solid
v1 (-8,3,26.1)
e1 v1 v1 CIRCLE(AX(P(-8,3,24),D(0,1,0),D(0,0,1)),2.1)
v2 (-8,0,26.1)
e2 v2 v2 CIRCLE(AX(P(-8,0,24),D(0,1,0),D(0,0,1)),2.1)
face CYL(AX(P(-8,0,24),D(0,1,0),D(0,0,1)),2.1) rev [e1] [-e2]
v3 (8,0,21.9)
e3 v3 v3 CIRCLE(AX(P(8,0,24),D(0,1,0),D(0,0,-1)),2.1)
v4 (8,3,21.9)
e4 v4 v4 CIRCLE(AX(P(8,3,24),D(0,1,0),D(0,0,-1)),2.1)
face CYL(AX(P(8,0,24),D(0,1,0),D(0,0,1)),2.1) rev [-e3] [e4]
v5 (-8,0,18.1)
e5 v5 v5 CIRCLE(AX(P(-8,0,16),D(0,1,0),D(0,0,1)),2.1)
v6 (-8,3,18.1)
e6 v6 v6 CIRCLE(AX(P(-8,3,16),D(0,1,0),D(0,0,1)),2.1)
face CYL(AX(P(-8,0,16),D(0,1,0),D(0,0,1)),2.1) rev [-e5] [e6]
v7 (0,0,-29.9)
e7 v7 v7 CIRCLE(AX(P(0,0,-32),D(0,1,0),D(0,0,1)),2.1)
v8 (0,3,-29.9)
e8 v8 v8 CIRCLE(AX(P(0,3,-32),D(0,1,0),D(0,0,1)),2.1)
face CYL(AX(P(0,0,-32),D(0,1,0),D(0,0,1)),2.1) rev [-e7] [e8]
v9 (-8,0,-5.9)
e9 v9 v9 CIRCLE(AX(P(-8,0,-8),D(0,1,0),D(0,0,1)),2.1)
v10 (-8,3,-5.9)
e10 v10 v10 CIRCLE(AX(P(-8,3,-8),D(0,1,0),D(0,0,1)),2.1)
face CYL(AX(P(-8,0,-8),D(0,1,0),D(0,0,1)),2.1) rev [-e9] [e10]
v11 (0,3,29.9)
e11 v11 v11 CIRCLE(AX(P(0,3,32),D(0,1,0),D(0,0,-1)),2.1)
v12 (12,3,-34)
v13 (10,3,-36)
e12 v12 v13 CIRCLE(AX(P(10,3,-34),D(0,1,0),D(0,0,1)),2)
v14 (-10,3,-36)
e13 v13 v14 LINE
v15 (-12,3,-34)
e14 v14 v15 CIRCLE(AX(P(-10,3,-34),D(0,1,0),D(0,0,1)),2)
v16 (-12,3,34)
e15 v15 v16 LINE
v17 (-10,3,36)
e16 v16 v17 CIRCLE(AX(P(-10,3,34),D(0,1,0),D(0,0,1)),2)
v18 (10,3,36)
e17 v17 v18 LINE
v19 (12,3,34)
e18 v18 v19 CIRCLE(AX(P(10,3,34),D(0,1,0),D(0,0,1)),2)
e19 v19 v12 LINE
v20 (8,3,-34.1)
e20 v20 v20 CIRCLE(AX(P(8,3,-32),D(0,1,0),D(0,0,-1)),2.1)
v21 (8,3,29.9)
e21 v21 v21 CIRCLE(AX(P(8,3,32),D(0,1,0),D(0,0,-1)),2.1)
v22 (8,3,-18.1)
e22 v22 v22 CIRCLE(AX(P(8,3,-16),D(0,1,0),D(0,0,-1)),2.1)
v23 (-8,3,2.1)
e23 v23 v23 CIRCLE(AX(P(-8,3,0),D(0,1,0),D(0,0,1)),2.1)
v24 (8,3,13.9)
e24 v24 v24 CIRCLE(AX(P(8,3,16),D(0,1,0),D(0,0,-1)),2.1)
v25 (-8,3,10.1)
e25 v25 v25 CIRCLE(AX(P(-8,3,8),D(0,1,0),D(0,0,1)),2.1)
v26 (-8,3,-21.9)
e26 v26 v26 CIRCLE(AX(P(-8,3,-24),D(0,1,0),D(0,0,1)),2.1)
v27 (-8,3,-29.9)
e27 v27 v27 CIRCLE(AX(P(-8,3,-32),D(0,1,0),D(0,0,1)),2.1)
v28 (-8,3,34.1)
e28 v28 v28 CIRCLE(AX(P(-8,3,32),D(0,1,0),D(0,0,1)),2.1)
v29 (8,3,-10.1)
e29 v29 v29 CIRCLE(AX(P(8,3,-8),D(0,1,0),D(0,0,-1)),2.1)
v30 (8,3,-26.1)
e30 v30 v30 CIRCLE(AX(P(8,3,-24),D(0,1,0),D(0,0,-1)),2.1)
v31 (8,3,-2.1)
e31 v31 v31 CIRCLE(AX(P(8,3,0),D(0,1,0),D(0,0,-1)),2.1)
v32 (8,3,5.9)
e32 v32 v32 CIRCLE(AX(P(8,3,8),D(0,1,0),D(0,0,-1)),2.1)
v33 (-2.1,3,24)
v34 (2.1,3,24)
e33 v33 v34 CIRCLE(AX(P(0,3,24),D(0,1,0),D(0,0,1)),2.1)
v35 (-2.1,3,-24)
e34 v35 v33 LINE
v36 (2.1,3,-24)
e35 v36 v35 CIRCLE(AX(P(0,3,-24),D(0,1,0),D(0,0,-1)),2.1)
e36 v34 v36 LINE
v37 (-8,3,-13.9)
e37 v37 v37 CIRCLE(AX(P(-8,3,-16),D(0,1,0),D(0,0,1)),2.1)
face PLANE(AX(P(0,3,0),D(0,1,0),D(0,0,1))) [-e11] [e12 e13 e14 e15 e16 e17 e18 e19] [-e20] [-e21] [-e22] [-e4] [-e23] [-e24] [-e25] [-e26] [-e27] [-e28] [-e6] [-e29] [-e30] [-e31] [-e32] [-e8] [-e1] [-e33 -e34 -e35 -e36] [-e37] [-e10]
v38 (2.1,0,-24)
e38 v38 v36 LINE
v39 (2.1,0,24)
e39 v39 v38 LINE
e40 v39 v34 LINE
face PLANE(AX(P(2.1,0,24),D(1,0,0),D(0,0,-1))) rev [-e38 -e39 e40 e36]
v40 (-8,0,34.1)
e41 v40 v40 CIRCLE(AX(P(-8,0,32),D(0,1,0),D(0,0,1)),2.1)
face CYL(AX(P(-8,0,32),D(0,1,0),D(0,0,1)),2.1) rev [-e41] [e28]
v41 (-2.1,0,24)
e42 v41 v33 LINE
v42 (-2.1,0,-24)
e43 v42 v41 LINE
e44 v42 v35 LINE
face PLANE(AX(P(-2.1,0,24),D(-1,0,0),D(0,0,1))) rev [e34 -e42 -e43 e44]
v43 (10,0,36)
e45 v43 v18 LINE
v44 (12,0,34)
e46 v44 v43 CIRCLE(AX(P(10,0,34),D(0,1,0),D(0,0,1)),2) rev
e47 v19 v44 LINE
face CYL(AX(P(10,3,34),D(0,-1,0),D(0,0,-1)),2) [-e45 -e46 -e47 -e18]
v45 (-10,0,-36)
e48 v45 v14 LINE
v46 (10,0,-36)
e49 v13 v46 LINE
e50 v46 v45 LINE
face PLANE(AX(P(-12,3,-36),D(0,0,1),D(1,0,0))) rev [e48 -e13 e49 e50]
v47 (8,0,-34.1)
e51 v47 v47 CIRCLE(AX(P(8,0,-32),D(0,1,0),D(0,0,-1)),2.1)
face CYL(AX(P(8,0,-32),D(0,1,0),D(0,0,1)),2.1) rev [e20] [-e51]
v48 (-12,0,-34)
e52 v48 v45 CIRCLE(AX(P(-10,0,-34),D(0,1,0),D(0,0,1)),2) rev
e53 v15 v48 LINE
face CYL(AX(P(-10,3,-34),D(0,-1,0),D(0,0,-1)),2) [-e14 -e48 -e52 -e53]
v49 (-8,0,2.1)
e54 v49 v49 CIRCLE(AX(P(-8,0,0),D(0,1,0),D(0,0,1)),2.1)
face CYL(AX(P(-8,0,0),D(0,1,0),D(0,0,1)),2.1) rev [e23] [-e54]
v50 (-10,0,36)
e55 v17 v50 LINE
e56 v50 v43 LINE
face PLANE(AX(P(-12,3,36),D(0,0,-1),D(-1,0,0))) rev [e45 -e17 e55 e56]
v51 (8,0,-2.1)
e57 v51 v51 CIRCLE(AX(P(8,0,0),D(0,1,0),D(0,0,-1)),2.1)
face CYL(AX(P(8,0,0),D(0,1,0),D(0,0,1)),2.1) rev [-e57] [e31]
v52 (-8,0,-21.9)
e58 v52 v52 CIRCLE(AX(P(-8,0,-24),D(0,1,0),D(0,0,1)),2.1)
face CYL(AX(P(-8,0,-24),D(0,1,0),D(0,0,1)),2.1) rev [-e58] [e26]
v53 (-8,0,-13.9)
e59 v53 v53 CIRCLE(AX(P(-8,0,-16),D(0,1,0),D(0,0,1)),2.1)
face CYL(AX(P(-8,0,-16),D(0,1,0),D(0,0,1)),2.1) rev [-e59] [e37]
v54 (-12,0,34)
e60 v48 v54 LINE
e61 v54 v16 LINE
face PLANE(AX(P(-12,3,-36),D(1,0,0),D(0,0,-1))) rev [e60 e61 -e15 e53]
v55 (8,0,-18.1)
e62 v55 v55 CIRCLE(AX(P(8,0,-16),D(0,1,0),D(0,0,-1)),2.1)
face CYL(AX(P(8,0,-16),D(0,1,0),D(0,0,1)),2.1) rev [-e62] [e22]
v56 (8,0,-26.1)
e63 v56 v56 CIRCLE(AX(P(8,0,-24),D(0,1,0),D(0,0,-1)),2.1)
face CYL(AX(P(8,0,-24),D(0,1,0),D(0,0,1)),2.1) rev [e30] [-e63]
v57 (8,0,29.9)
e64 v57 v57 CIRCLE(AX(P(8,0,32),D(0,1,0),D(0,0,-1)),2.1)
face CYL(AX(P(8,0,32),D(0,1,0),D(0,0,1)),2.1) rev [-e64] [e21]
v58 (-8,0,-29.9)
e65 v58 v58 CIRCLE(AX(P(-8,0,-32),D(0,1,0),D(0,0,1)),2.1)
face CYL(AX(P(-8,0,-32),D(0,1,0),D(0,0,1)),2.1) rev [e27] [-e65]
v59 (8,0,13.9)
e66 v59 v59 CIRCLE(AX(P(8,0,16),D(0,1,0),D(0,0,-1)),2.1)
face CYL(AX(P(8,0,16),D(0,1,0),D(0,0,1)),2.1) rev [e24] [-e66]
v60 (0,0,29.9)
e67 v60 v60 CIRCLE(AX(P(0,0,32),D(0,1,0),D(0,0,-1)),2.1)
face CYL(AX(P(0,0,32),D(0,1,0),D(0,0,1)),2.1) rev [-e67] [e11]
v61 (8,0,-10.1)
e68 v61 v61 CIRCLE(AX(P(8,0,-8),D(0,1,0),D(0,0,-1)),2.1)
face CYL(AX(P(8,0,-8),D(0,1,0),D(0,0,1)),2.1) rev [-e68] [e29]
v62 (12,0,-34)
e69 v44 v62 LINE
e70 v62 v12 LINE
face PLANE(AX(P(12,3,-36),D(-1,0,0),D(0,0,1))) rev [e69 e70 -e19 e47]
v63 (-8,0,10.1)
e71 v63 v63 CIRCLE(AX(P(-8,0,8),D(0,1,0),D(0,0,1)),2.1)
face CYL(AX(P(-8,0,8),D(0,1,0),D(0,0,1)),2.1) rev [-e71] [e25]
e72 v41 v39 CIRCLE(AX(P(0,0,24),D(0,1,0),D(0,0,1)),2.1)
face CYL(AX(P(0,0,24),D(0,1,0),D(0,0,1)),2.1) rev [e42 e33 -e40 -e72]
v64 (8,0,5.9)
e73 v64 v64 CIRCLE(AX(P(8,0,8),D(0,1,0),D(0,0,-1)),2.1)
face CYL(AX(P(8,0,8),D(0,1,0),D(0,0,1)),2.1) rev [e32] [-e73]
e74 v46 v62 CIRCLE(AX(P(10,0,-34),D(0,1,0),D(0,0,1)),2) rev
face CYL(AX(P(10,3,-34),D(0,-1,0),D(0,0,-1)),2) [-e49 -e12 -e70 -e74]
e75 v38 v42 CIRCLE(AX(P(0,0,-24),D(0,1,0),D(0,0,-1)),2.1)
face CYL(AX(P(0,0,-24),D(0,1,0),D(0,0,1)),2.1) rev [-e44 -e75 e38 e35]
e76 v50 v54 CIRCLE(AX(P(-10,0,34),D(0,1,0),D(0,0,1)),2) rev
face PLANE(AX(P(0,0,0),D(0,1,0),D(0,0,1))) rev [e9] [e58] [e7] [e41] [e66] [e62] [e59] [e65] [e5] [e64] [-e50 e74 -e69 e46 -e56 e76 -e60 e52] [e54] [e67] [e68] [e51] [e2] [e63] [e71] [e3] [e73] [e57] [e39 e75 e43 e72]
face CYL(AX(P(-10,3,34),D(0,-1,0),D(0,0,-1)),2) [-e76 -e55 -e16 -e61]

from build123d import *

# Parameters (mm, degrees)
SKETCH_1_W          = 24
SKETCH_1_H          = 72
EXTRUDE_2_DEPTH     = 3
SKETCH_2_R          = 2.1
CUT_EXTRUDE_1_DEPTH = 3
CUT_EXTRUDE_2_DEPTH = 3
FILLET_1_R          = 2


with BuildPart() as part:
    # 草图1 → 凸台-拉伸2 (new body)
    with BuildSketch(Plane(origin=(0, 0, 0), x_dir=(1, 0, 0), z_dir=(0, 1, 0))):
        Rectangle(SKETCH_1_W, SKETCH_1_H)
    extrude(amount=EXTRUDE_2_DEPTH)

    # 草图2 → 切除-拉伸1 (cut)
    with BuildSketch(Plane(origin=(0, 3, 0), x_dir=(1, 0, 0), z_dir=(0, 1, 0))):
        with Locations(Location((-8, -32, 0), (0, 0, 270))):
            Circle(SKETCH_2_R)
        with Locations(Location((-8, -24, 0), (0, 0, 270))):
            Circle(SKETCH_2_R)
        with Locations(Location((-8, -16, 0), (0, 0, 270))):
            Circle(SKETCH_2_R)
        with Locations(Location((-8, -8, 0), (0, 0, 270))):
            Circle(SKETCH_2_R)
        with Locations(Location((-8, 0, 0), (0, 0, 270))):
            Circle(SKETCH_2_R)
        with Locations(Location((-8, 8, 0), (0, 0, 270))):
            Circle(SKETCH_2_R)
        with Locations(Location((-8, 16, 0), (0, 0, 270))):
            Circle(SKETCH_2_R)
        with Locations(Location((-8, 24, 0), (0, 0, 270))):
            Circle(SKETCH_2_R)
        with Locations(Location((-8, 32, 0), (0, 0, 270))):
            Circle(SKETCH_2_R)
        with Locations(Location((8, -24, 0), (0, 0, 90))):
            Circle(SKETCH_2_R)
        with Locations(Location((8, -16, 0), (0, 0, 90))):
            Circle(SKETCH_2_R)
        with Locations(Location((8, -8, 0), (0, 0, 90))):
            Circle(SKETCH_2_R)
        with Locations(Location((8, 0, 0), (0, 0, 90))):
            Circle(SKETCH_2_R)
        with Locations(Location((8, 8, 0), (0, 0, 90))):
            Circle(SKETCH_2_R)
        with Locations(Location((8, 16, 0), (0, 0, 90))):
            Circle(SKETCH_2_R)
        with Locations(Location((8, 24, 0), (0, 0, 90))):
            Circle(SKETCH_2_R)
        with Locations(Location((8, 32, 0), (0, 0, 90))):
            Circle(SKETCH_2_R)
        with Locations(Location((8, -32, 0), (0, 0, 90))):
            Circle(SKETCH_2_R)
        with Locations(Location((0, -32, 0), (0, 0, 90))):
            Circle(SKETCH_2_R)
        with Locations(Location((0, 32, 0), (0, 0, 270))):
            Circle(SKETCH_2_R)
    extrude(amount=-CUT_EXTRUDE_1_DEPTH, mode=Mode.SUBTRACT)

    # 草图3 → 切除-拉伸2 (cut)
    with BuildSketch(Plane(origin=(0, 3, 0), x_dir=(1, 0, 0), z_dir=(0, 1, 0))):
        with BuildLine():
            Line((-2.1, -24), (-2.1, 24))
            ThreePointArc((-2.1, 24), (0, 26.1), (2.1, 24))
            Line((2.1, 24), (2.1, -24))
            ThreePointArc((2.1, -24), (0, -26.1), (-2.1, -24))
        make_face()
    extrude(amount=-CUT_EXTRUDE_2_DEPTH, mode=Mode.SUBTRACT)

    # 圆角1
    fillet_1_edges = [part.edges().sort_by_distance(p)[0] for p in [
        (12, 1.5, 36),
        (-12, 1.5, 36),
        (-12, 1.5, -36),
        (12, 1.5, -36),
    ]]
    fillet(fillet_1_edges, radius=FILLET_1_R)


solid = part.part
